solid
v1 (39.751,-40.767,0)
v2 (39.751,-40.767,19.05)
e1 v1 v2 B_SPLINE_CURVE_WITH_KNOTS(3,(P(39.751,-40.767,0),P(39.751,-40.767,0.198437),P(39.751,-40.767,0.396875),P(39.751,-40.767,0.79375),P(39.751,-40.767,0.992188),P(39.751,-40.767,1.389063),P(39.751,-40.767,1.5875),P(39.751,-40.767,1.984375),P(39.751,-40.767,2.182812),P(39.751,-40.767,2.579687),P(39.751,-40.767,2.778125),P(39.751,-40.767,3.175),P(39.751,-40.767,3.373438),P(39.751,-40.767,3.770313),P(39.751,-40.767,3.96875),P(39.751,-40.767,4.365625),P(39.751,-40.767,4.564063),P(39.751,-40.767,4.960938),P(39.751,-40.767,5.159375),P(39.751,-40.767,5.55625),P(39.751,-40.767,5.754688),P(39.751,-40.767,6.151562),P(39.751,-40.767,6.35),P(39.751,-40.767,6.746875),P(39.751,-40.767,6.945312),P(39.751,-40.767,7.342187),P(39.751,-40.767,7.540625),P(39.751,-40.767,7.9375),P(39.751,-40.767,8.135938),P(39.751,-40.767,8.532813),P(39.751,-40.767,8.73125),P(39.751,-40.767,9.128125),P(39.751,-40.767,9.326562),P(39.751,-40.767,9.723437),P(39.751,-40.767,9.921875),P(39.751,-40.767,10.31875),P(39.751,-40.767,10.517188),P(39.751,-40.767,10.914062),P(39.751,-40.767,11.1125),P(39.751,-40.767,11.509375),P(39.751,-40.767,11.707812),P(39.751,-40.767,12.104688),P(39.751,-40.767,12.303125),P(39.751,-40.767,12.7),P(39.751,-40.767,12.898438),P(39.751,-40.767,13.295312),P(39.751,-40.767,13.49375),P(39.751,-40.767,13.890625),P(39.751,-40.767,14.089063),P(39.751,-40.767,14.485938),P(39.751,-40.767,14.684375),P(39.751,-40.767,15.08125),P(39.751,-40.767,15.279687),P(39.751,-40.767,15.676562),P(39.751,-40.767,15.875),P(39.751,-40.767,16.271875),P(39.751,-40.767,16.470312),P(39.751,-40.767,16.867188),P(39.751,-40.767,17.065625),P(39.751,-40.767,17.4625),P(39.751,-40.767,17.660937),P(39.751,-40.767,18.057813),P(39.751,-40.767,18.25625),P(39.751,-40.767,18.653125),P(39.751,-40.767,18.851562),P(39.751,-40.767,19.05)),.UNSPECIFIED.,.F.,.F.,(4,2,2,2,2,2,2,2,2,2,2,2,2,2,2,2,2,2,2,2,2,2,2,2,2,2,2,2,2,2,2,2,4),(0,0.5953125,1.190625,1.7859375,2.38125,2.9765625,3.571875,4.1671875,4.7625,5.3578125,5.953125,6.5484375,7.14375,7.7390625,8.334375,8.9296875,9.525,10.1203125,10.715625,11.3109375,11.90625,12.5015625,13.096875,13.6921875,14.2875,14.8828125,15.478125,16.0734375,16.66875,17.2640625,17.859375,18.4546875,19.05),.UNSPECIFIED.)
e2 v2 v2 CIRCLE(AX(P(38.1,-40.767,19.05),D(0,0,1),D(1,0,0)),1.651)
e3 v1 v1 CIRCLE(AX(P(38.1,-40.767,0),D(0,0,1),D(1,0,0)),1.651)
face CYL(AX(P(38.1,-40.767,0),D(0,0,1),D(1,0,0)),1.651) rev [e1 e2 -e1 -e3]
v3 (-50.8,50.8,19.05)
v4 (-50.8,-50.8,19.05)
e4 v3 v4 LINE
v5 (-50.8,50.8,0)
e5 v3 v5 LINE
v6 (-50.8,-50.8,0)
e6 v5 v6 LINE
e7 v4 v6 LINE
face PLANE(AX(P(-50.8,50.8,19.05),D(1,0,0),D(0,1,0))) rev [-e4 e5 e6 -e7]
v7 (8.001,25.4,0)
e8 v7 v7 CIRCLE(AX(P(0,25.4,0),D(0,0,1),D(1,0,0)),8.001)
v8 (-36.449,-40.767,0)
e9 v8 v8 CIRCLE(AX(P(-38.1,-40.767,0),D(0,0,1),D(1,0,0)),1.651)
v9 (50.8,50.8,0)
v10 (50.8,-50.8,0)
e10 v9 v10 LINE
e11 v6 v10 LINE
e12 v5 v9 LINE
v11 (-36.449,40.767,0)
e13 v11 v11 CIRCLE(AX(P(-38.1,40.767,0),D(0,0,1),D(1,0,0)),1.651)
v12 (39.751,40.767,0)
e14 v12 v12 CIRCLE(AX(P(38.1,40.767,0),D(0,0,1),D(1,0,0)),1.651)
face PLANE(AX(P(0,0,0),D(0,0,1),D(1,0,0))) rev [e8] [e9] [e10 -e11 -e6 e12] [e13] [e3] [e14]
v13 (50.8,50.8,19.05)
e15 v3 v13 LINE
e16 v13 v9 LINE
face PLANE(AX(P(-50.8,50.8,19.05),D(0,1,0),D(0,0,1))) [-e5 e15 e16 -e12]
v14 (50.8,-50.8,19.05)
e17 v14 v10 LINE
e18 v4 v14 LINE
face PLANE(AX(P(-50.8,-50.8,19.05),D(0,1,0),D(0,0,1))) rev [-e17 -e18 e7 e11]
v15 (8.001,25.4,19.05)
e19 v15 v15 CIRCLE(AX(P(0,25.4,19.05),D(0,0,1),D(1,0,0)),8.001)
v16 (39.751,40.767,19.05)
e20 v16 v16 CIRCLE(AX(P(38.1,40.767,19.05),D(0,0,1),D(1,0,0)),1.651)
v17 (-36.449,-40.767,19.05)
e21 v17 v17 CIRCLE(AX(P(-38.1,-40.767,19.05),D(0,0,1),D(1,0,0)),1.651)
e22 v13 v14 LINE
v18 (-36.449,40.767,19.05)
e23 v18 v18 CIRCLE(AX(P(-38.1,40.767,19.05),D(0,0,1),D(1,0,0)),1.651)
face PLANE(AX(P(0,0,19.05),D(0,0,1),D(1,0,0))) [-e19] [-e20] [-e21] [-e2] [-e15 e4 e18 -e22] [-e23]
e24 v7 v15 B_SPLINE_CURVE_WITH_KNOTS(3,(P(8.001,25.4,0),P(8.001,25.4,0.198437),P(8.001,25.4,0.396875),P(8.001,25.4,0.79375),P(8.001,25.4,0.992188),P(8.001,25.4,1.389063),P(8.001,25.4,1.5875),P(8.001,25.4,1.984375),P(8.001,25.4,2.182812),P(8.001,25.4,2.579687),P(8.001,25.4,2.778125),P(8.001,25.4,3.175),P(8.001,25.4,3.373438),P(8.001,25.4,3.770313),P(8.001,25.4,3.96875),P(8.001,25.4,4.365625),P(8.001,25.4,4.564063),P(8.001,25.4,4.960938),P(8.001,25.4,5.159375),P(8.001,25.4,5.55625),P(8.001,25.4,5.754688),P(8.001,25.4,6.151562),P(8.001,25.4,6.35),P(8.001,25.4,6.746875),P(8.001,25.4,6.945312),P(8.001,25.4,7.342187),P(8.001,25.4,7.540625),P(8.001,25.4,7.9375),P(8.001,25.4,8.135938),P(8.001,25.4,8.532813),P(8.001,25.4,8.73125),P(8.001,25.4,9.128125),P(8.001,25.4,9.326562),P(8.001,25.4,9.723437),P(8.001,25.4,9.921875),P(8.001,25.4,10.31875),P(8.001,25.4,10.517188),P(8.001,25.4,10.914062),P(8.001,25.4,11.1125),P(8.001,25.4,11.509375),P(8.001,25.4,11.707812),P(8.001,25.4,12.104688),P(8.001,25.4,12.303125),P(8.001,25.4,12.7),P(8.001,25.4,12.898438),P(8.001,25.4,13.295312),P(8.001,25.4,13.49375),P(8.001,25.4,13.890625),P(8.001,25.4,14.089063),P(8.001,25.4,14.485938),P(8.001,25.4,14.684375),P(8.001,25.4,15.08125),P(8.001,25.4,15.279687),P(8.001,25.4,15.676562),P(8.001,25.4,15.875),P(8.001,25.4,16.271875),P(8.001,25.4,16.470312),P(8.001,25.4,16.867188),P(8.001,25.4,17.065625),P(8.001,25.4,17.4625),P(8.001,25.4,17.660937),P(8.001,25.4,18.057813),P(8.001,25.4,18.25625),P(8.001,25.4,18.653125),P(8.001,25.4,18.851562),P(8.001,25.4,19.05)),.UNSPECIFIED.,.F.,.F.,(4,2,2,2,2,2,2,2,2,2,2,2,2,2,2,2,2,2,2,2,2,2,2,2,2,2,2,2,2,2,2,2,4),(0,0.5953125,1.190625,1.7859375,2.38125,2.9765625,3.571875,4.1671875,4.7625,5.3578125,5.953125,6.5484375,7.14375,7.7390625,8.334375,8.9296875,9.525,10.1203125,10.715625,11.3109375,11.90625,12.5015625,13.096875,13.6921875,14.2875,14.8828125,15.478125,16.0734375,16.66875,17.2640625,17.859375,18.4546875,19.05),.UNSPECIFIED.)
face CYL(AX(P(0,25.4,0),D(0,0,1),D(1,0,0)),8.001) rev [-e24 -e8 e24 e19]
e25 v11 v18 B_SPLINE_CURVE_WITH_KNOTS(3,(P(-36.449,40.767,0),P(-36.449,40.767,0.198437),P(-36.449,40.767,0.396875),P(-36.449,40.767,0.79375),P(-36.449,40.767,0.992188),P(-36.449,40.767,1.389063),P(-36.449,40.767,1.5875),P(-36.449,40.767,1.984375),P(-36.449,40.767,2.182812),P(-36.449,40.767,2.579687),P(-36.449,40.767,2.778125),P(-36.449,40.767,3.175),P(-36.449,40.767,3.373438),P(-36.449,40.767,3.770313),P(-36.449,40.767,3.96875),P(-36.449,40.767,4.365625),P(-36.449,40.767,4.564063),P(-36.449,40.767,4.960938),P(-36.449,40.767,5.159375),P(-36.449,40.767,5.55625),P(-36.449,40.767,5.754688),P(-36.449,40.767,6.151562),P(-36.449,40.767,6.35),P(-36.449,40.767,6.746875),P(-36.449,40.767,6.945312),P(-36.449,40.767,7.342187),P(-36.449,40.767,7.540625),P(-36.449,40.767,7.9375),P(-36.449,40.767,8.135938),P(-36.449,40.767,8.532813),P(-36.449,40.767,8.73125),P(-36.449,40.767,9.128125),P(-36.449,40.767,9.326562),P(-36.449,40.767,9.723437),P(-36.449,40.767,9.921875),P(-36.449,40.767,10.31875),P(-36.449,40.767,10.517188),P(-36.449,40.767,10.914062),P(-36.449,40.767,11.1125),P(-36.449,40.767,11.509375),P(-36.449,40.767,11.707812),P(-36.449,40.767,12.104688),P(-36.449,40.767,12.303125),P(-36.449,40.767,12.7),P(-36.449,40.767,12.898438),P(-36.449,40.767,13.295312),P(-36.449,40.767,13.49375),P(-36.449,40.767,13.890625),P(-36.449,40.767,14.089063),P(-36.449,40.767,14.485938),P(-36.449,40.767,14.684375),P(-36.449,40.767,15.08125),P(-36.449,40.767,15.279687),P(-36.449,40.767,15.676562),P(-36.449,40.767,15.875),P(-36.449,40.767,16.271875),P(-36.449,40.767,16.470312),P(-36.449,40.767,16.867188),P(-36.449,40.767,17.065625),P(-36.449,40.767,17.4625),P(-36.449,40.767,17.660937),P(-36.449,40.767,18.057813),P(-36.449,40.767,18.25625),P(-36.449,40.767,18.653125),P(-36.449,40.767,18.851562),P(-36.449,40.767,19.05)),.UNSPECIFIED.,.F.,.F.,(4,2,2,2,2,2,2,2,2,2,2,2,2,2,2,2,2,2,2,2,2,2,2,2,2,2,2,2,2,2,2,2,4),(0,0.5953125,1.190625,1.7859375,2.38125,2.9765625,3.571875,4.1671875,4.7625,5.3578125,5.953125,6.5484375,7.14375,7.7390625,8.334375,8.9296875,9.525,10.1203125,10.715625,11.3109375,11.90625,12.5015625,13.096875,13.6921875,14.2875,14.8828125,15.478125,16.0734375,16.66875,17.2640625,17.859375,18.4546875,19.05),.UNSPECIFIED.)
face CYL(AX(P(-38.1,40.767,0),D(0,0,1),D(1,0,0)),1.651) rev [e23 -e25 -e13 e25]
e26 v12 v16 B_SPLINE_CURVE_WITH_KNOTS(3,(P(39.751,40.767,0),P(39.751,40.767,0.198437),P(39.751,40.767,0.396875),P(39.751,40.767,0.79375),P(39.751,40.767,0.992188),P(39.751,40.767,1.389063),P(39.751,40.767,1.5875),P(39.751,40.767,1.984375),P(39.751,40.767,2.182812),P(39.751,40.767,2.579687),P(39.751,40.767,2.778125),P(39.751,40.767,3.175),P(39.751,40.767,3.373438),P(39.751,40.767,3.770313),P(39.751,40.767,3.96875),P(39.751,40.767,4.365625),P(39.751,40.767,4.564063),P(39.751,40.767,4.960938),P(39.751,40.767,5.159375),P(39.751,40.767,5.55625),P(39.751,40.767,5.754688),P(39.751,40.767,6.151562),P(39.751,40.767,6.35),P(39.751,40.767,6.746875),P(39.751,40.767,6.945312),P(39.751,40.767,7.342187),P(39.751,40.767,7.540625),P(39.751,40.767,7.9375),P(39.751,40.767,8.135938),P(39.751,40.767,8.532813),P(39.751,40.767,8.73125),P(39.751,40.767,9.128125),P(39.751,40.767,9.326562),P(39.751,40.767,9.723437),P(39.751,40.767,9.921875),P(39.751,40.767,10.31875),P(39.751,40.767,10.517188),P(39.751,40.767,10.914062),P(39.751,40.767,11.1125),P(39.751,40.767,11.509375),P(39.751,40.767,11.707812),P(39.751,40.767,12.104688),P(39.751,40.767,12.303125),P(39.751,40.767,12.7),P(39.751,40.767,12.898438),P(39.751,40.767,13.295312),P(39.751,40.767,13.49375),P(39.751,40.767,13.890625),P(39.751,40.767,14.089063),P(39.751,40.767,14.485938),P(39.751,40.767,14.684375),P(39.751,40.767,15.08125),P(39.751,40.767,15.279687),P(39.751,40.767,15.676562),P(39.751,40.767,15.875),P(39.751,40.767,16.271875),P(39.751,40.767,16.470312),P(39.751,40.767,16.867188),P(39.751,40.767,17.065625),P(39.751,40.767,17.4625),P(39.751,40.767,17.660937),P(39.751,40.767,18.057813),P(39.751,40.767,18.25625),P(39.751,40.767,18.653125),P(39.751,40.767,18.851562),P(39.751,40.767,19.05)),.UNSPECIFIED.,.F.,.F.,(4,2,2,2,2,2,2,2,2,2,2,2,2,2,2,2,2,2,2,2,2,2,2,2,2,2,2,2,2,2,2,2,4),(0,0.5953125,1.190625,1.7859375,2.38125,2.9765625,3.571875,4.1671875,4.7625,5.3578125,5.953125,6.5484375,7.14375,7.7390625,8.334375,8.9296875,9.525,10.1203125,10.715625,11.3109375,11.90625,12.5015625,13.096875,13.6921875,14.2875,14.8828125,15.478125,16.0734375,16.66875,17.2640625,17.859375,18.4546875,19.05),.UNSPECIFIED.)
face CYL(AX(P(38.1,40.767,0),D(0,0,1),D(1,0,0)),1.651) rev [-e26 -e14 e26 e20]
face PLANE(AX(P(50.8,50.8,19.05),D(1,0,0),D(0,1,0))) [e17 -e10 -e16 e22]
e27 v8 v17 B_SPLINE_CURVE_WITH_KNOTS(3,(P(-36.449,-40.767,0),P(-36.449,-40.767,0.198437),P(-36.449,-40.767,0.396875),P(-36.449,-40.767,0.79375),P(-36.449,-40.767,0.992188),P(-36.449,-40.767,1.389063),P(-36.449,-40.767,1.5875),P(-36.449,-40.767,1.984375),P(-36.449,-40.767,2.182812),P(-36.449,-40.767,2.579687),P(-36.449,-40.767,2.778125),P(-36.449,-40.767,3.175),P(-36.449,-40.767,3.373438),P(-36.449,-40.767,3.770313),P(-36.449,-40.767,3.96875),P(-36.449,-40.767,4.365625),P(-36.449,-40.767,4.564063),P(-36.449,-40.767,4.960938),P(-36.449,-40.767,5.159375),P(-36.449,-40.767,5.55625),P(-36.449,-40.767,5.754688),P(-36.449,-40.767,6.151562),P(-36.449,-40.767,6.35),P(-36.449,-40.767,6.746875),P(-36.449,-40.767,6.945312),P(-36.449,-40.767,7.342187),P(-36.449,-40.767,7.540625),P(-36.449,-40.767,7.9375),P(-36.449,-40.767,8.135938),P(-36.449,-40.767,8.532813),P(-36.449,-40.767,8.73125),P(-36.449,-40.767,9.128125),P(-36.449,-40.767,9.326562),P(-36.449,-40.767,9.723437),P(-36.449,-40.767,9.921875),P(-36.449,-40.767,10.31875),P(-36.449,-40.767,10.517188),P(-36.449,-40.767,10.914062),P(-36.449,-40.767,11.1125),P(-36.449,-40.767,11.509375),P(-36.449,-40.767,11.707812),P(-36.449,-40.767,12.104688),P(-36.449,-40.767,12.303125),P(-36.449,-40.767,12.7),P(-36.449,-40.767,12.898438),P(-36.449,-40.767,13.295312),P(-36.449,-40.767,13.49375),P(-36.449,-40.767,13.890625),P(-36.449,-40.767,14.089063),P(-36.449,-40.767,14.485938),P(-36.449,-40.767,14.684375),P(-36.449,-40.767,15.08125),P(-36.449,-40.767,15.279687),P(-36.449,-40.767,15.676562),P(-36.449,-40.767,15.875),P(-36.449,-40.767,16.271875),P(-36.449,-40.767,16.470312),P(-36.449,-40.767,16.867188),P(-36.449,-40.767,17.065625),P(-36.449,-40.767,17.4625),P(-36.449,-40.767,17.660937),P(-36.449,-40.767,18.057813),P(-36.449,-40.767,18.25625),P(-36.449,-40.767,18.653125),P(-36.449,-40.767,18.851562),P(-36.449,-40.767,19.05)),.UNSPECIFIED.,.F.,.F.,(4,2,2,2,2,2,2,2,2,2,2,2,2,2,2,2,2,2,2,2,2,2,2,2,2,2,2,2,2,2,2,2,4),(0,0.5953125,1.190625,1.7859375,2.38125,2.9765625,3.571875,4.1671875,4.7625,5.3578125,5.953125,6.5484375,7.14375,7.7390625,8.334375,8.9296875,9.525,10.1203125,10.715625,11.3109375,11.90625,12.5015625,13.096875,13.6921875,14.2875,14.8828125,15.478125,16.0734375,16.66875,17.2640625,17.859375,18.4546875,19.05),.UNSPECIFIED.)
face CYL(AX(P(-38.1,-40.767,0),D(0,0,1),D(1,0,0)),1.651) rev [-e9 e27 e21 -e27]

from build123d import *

# Parameters (mm, degrees)
SKETCH1_W           = 101.6
SKETCH1_H           = 101.6
BOSS_EXTRUDE1_DEPTH = 19.05
SKETCH2_R           = 8.001
CUT_EXTRUDE1_DEPTH  = 19.05
SKETCH3_R           = 1.651
CUT_EXTRUDE2_DEPTH  = 19.05
SKETCH4_R           = 1.651
CUT_EXTRUDE3_DEPTH  = 19.05


with BuildPart() as part:
    # Sketch1 → Boss-Extrude1 (new body)
    with BuildSketch(Plane.XY):
        Rectangle(SKETCH1_W, SKETCH1_H)
    extrude(amount=BOSS_EXTRUDE1_DEPTH)

    # Sketch2 → Cut-Extrude1 (cut)
    with BuildSketch(Plane.XY.offset(19.05)):
        with Locations((0, 25.4)):
            Circle(SKETCH2_R)
    extrude(amount=-CUT_EXTRUDE1_DEPTH, mode=Mode.SUBTRACT)

    # Sketch3 → Cut-Extrude2 (cut)
    with BuildSketch(Plane.XY.offset(19.05)):
        with Locations((-38.1, -40.767)):
            Circle(SKETCH3_R)
    extrude(amount=-CUT_EXTRUDE2_DEPTH, mode=Mode.SUBTRACT)

    # Sketch4 → Cut-Extrude3 (cut)
    with BuildSketch(Plane.XY.offset(19.05)):
        with Locations((-38.1, 40.767)):
            Circle(SKETCH4_R)
        with Locations((38.1, 40.767)):
            Circle(SKETCH4_R)
        with Locations((38.1, -40.767)):
            Circle(SKETCH4_R)
    extrude(amount=-CUT_EXTRUDE3_DEPTH, mode=Mode.SUBTRACT)


solid = part.part
